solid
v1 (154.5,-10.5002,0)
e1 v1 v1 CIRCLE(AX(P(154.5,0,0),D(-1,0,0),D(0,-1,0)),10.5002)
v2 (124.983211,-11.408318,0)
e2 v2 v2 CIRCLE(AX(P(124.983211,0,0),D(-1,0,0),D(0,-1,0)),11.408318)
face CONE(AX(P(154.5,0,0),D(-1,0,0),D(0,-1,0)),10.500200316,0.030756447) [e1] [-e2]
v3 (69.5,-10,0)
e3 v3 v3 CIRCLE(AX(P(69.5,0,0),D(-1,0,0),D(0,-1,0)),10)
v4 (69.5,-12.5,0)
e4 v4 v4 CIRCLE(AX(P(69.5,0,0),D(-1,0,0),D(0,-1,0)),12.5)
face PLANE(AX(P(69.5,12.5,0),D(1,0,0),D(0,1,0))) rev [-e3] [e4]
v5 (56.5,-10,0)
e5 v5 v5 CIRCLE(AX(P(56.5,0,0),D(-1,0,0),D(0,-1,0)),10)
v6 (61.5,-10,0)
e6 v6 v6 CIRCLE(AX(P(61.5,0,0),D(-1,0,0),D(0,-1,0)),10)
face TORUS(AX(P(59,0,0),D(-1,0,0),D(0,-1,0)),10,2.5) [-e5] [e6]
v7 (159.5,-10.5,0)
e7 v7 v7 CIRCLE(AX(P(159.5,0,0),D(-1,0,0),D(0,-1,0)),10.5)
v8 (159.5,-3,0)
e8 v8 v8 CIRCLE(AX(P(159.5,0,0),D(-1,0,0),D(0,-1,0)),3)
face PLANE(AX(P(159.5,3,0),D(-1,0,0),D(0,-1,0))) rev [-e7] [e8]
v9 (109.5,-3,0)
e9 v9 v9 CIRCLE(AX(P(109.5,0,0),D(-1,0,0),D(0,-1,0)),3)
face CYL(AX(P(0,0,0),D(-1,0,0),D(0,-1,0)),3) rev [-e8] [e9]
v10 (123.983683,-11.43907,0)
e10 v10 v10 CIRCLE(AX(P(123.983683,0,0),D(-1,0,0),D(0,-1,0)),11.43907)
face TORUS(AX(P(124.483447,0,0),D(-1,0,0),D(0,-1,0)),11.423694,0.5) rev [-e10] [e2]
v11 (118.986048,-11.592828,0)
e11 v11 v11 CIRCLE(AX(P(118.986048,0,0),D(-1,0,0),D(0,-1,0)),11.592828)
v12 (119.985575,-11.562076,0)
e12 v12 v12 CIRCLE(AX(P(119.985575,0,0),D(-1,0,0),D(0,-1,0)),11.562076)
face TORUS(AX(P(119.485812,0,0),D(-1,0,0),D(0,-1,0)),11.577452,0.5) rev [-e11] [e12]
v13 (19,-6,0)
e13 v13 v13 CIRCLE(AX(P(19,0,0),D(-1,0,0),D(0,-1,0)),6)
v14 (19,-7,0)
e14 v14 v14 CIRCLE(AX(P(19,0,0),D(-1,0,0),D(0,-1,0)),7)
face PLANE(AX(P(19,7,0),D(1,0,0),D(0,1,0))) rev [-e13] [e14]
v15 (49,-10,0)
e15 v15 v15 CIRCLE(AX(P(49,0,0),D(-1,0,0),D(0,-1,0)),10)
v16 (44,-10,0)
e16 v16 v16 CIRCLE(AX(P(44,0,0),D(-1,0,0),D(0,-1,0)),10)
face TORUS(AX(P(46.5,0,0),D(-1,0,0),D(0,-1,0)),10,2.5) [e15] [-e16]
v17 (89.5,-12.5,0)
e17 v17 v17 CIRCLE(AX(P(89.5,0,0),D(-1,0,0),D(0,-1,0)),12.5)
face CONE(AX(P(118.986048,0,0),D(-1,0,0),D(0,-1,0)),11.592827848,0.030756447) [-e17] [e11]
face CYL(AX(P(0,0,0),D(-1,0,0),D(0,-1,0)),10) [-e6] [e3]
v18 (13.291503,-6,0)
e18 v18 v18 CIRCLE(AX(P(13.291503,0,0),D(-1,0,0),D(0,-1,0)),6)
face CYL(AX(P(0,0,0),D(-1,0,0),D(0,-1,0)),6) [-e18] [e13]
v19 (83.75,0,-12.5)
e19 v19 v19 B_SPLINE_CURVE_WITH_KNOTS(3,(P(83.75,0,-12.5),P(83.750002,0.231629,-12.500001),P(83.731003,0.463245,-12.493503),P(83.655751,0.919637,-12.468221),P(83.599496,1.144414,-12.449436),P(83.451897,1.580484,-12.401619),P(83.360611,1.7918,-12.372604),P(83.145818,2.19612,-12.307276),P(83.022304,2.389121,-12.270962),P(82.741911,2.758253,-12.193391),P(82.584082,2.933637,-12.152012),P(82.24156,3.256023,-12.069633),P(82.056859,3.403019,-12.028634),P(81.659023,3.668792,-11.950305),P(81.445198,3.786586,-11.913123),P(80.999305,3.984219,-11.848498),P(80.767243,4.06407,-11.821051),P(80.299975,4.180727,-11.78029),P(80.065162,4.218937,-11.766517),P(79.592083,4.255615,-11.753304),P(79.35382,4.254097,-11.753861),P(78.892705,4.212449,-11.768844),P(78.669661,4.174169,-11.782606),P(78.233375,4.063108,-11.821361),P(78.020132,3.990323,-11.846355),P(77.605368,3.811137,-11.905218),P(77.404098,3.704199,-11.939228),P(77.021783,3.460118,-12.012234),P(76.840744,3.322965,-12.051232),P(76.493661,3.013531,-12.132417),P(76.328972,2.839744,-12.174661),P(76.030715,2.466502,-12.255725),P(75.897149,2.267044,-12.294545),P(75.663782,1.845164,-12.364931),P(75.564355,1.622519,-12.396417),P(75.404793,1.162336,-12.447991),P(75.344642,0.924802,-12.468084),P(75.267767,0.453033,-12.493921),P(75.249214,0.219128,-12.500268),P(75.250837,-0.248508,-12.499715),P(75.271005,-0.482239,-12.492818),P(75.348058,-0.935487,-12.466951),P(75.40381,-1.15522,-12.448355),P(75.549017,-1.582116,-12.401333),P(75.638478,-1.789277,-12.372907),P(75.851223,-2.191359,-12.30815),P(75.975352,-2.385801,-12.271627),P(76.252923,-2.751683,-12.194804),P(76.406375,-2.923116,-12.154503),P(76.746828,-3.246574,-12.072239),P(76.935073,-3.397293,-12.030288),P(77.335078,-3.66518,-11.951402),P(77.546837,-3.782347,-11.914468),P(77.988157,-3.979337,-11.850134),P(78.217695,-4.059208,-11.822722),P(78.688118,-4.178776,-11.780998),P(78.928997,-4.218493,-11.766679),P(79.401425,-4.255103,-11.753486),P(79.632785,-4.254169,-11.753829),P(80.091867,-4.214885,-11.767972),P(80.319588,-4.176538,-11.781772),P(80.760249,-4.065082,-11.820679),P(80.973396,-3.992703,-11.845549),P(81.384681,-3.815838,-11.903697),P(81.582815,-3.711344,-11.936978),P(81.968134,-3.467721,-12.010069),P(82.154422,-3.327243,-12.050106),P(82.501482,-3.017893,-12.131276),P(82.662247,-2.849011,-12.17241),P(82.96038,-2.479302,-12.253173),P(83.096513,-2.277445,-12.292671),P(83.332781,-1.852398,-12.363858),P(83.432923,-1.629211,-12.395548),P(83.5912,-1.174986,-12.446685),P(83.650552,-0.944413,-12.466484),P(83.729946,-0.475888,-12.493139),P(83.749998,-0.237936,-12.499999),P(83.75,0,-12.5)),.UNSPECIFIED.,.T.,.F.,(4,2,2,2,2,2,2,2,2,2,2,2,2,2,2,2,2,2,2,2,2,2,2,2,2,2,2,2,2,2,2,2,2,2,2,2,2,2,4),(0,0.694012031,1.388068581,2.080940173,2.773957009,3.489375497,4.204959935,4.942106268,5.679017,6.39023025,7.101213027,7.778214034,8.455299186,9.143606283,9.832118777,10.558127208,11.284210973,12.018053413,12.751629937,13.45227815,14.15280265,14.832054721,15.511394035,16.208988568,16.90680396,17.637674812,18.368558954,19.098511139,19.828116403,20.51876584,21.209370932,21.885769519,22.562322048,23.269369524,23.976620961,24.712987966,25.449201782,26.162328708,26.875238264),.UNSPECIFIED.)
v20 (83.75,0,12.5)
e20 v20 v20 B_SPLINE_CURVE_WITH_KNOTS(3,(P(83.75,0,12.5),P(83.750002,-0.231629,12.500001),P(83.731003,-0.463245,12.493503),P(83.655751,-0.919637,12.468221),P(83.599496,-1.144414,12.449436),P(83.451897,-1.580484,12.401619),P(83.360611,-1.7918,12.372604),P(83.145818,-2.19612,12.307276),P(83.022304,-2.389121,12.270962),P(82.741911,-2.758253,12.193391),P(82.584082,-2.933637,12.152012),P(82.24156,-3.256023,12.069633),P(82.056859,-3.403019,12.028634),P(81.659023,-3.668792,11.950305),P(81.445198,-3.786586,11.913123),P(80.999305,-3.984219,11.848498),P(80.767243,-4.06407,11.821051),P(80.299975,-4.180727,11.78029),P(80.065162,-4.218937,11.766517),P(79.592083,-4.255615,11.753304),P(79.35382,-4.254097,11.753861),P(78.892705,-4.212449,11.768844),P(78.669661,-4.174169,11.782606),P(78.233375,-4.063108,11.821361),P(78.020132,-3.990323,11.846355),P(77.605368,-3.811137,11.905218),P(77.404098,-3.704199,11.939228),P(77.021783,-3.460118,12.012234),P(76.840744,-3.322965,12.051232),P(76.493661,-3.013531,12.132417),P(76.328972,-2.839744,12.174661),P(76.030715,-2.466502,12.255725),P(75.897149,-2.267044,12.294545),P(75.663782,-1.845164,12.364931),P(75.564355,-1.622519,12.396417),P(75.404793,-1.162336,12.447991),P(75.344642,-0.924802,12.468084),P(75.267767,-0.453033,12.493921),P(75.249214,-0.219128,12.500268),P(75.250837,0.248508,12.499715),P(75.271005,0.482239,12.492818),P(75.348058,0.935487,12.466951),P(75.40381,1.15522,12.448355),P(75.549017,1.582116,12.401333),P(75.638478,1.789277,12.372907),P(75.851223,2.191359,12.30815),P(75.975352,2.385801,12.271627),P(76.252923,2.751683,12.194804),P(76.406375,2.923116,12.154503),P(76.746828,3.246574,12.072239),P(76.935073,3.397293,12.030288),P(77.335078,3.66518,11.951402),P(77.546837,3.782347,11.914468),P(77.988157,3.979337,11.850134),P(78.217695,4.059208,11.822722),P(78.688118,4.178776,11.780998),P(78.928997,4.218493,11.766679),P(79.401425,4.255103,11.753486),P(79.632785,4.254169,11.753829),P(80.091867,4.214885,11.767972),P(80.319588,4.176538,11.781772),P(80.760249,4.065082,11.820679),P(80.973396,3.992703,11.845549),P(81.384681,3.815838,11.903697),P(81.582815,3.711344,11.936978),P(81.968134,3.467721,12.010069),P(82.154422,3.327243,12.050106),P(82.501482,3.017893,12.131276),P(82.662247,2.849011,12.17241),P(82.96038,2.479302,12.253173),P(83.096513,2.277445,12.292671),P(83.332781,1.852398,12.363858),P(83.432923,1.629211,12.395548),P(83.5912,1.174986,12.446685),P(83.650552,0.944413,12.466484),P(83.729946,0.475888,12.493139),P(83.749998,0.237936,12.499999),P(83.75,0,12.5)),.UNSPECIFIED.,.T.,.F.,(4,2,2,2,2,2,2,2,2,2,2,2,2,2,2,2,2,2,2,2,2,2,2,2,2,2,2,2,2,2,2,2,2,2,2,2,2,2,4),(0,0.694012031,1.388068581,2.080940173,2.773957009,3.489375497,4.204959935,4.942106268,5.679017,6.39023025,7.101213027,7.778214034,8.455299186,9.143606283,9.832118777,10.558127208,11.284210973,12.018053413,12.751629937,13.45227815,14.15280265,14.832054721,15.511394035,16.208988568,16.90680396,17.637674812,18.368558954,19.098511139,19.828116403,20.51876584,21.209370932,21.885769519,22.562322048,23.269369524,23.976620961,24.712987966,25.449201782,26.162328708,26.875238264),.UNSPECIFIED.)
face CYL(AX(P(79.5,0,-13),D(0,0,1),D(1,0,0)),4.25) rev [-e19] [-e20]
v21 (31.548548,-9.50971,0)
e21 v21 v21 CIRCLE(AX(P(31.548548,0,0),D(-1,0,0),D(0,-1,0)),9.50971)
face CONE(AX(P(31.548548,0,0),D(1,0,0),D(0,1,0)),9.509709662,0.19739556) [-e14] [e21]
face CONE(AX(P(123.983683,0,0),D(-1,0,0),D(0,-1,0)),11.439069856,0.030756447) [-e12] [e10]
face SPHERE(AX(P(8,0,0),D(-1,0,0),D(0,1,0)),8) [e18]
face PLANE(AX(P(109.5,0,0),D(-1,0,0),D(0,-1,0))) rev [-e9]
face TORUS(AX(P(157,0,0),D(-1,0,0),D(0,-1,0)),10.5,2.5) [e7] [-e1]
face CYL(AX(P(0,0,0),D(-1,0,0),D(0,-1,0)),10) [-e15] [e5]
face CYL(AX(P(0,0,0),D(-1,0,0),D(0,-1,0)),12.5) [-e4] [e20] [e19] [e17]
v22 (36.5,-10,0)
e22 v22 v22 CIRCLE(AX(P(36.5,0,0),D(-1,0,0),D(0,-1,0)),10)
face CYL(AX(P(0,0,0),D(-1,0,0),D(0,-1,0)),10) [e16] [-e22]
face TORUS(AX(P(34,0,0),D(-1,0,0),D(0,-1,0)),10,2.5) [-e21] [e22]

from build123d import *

# Parameters (mm, degrees)
SZKIC3_R                        = 4.25
WYTNIJ_WYCI_GNI_CIE1_DEPTH      = 14.000000102
WYTNIJ_WYCI_GNI_CIE1_DEPTH_BACK = 14.000000102


with BuildPart() as part:
    # Szkic2 → Obrót1 (revolve)
    with BuildSketch(Plane.XY):
        with BuildLine():
            Line((0, 0), (109.499999992, 0))
            Line((109.499999992, 0), (109.499999992, 3))
            Line((109.499999992, 3), (159.499999992, 3))
            Line((159.499999992, 3), (159.499999992, 10.500000002))
            ThreePointArc((159.499999992, 10.500000002), (157.000100149, 13), (154.5, 10.500200316))
            Line((154.5, 10.500200316), (124.983210551, 11.408318258))
            ThreePointArc((124.983210551, 11.408318258), (124.468071222, 10.923930528), (123.983683493, 11.439069856))
            Line((123.983683493, 11.439069856), (119.985575262, 11.56207625))
            ThreePointArc((119.985575262, 11.56207625), (119.470435934, 11.07768852), (118.986048204, 11.592827848))
            Line((118.986048204, 11.592827848), (89.5, 12.5))
            Line((89.5, 12.5), (69.5, 12.5))
            Line((69.5, 12.5), (69.5, 10))
            Line((69.5, 10), (61.5, 10))
            ThreePointArc((61.5, 10), (59, 12.5), (56.5, 10))
            Line((56.5, 10), (49, 10))
            ThreePointArc((49, 10), (46.5, 12.5), (44, 10))
            Line((44, 10), (36.5, 10))
            ThreePointArc((36.5, 10), (33.753655955, 12.487833317), (31.548548311, 9.509709662))
            Line((31.548548311, 9.509709662), (19, 7))
            Line((19, 7), (19, 6))
            Line((19, 6), (13.291502622, 6))
            ThreePointArc((13.291502622, 6), (4.708497378, 7.291502622), (0, 0))
        make_face()
    revolve(axis=Axis((0, 0, 0), (1, 0, 0)))

    # Szkic3 → Wytnij-wyciągnięcie1 (cut, two sides)
    with BuildSketch(Plane.XY) as wytnij_wyci_gni_cie1_sk:
        with Locations((79.5, 0)):
            Circle(SZKIC3_R)
    extrude(amount=WYTNIJ_WYCI_GNI_CIE1_DEPTH, mode=Mode.SUBTRACT)
    extrude(wytnij_wyci_gni_cie1_sk.sketch, amount=-WYTNIJ_WYCI_GNI_CIE1_DEPTH_BACK, mode=Mode.SUBTRACT)


solid = part.part
